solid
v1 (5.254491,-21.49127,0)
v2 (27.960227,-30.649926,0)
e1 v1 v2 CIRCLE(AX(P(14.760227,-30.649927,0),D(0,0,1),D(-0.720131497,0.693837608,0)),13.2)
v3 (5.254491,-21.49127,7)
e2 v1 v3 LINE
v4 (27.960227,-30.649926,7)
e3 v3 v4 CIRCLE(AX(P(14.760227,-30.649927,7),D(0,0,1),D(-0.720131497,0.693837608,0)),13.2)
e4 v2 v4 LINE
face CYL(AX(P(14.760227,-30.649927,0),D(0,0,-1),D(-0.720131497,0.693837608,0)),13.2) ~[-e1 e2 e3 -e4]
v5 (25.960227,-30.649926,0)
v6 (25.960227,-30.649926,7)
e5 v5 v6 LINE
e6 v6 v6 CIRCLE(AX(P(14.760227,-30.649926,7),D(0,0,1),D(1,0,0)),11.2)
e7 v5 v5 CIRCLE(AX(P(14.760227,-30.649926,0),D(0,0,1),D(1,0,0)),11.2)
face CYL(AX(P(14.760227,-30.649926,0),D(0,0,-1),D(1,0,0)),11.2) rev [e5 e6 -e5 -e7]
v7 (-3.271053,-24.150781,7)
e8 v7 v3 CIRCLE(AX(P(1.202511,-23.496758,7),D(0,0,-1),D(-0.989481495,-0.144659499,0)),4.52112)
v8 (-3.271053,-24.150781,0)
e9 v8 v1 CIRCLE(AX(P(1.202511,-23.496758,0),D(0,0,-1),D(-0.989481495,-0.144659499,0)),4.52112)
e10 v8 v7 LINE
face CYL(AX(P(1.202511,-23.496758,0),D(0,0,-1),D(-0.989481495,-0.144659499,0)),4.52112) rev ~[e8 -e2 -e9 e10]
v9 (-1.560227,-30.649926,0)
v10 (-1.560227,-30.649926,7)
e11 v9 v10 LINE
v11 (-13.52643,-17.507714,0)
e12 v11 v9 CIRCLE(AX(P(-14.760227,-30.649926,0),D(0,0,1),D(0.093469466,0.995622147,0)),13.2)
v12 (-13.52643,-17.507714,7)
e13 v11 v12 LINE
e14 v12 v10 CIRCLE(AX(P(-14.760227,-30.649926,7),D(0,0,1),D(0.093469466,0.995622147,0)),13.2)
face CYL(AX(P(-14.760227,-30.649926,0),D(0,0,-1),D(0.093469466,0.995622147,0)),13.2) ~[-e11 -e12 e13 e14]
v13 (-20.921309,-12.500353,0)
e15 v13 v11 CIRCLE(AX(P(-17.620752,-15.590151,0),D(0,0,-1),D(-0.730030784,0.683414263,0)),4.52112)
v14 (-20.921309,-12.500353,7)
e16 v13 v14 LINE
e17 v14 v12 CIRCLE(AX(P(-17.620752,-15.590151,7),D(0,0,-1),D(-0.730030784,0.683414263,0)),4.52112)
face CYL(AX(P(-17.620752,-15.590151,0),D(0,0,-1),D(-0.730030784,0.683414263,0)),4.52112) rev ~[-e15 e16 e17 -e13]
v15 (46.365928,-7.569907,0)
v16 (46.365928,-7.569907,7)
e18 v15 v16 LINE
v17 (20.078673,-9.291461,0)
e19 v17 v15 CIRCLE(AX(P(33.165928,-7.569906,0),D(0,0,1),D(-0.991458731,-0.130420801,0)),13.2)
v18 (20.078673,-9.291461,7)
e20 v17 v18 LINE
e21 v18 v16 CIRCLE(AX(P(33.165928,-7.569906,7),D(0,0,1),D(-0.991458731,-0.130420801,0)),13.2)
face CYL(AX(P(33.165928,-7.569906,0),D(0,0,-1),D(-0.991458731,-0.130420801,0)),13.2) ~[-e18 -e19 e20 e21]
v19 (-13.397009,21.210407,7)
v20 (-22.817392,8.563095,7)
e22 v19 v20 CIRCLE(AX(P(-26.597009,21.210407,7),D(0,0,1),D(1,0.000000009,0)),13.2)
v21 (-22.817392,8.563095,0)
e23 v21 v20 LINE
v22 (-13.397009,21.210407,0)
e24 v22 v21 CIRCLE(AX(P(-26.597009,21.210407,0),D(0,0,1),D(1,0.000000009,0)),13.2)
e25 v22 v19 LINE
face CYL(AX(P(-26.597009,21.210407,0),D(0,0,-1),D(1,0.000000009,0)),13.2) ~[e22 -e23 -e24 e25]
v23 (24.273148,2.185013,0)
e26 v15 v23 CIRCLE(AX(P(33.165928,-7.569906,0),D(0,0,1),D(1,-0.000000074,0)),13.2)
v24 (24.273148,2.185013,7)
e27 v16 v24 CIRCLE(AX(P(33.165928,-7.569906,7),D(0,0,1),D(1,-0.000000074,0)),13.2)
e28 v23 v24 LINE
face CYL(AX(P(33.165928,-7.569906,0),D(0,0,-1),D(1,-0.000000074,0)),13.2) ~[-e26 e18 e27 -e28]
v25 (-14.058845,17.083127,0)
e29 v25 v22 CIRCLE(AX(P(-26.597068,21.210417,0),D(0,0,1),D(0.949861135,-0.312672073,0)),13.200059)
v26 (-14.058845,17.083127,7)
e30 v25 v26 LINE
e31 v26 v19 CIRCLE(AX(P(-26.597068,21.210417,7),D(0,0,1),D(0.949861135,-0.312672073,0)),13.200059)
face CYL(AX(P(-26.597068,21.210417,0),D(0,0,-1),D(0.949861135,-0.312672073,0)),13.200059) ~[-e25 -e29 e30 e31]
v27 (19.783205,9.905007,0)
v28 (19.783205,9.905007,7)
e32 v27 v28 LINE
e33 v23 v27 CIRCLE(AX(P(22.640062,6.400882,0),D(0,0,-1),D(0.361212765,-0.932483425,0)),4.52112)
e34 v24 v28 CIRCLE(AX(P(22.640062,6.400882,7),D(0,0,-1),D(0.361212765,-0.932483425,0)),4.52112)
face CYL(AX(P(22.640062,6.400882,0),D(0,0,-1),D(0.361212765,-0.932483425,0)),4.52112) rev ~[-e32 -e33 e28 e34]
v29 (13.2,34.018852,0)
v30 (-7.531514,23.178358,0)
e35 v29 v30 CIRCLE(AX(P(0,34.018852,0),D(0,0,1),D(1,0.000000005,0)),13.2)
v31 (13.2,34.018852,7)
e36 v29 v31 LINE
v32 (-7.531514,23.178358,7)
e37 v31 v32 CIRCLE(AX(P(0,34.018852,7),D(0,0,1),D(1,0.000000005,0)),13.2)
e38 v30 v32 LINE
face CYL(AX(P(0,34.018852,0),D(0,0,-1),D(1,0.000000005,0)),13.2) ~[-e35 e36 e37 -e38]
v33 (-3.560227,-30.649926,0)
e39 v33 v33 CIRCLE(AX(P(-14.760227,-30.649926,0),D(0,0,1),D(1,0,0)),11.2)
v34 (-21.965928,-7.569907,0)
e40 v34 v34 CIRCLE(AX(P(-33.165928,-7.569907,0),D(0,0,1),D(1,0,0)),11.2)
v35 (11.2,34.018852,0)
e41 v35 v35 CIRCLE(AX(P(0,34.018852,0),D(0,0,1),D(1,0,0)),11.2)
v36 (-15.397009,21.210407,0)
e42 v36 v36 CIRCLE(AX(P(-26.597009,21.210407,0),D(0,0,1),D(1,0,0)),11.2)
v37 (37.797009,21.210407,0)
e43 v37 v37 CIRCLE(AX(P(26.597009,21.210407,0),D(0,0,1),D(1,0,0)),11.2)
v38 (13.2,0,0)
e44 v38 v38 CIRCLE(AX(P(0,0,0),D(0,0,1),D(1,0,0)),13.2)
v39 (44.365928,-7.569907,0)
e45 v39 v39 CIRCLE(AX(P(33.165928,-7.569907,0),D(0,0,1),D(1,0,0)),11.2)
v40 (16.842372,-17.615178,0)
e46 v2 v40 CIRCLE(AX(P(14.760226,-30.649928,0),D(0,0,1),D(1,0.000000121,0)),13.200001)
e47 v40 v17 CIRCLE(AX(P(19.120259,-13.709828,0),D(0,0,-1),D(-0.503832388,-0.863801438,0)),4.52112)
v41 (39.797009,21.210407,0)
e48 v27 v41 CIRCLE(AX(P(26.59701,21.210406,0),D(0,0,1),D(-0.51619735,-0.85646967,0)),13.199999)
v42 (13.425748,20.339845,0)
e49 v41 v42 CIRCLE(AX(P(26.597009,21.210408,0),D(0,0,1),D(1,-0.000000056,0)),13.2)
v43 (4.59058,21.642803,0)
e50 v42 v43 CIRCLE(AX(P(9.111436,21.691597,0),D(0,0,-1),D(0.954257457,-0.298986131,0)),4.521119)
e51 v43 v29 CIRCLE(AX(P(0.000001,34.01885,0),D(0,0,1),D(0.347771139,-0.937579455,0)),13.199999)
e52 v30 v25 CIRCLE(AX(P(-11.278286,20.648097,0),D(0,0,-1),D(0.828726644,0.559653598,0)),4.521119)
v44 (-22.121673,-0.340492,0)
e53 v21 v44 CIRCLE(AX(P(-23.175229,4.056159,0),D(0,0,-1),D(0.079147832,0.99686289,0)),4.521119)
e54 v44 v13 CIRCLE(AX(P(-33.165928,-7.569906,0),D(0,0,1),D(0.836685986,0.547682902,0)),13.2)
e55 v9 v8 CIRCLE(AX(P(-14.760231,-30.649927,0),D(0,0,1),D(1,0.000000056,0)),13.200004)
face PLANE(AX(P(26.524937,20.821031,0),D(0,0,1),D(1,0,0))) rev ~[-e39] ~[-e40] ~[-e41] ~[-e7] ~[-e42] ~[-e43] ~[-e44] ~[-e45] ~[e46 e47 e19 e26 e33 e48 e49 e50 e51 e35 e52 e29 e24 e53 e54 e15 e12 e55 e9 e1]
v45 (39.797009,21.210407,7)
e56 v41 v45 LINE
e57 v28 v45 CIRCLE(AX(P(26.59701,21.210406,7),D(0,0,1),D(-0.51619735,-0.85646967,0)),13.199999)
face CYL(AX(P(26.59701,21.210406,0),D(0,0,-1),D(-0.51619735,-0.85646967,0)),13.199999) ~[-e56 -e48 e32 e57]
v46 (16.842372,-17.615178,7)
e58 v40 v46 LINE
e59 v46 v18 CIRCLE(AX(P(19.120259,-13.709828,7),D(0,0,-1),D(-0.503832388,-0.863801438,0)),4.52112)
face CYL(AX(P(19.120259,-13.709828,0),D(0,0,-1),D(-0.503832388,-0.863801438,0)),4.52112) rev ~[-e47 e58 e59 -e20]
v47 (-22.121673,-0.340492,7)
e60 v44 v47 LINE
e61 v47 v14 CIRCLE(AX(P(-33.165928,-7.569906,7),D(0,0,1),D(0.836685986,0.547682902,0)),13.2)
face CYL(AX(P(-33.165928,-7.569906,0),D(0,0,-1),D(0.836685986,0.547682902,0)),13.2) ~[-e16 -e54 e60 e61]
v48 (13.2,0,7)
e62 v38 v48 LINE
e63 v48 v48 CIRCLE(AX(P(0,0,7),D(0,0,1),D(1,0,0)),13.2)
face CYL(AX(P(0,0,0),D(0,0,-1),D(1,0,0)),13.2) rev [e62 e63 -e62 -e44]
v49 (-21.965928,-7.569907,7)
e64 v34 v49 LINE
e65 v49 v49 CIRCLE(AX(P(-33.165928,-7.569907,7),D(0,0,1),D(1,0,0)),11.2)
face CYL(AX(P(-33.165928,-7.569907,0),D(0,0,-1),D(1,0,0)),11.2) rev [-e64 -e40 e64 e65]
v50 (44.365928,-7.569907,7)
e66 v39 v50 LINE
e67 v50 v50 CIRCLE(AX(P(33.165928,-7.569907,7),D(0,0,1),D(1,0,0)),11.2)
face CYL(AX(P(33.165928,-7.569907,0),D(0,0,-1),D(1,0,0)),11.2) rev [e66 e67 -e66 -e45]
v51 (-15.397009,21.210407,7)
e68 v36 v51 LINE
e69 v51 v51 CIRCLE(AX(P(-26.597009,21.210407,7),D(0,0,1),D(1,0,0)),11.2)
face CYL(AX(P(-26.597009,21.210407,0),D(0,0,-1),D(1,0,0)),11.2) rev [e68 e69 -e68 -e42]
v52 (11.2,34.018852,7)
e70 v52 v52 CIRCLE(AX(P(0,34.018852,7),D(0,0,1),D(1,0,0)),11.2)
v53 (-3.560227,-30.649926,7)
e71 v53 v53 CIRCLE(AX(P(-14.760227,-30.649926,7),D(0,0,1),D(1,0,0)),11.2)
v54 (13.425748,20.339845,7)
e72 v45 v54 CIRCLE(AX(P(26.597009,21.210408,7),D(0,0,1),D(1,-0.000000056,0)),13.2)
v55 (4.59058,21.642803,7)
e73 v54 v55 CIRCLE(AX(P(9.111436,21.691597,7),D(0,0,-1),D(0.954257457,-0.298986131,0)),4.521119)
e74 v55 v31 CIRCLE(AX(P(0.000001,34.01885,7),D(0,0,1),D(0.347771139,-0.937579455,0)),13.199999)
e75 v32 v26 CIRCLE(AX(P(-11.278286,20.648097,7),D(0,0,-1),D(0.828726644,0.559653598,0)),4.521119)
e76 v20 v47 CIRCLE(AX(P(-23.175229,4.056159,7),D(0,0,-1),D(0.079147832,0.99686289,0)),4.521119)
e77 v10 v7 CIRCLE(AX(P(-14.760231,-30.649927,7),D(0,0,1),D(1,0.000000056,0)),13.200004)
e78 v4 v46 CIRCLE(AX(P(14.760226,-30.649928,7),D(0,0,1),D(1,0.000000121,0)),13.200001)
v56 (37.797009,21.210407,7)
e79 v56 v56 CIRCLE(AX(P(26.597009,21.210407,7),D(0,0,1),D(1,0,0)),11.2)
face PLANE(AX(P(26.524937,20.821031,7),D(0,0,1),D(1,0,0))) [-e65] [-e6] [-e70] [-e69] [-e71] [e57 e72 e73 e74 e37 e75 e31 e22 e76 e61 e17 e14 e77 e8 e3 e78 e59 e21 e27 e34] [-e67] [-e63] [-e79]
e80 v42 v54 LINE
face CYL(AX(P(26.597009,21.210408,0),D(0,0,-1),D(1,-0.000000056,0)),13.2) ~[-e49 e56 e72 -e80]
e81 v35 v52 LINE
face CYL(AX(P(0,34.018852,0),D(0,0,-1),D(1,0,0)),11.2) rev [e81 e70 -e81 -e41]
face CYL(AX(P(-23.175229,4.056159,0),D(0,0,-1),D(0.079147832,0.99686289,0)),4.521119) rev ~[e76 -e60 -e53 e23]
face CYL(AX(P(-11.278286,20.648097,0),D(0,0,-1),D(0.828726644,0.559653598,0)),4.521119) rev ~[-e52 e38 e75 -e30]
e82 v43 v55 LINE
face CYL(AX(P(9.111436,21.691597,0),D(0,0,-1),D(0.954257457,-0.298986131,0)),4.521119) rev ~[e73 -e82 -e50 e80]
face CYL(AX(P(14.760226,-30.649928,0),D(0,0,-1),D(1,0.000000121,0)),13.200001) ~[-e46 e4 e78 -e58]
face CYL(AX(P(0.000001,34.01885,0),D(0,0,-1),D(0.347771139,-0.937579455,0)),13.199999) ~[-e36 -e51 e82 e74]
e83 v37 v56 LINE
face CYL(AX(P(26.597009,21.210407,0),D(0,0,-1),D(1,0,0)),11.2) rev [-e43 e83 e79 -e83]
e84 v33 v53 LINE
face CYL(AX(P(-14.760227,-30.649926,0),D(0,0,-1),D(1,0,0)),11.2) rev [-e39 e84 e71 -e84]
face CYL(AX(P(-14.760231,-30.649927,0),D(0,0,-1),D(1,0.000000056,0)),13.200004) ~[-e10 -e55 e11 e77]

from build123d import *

# Parameters (mm, degrees)
F0_R     = 11.2
F0_R_2   = 13.2
F1_DEPTH = 7


with BuildPart() as f1:
    # F0 (on Top) → F1 (new body)
    with BuildSketch(Plane.XY):
        with BuildLine():
            ThreePointArc((39.797009, 21.210407), (26.161491, 34.403221), (13.425748, 20.339845))
            ThreePointArc((13.425748, 20.339845), (15.32438, 14.342523), (19.783205, 9.905007))
            ThreePointArc((19.783205, 9.905007), (33.089227, 9.717317), (39.797009, 21.210407))
        make_face()
        with Locations((26.597009, 21.210407)):
            Circle(F0_R, mode=Mode.SUBTRACT)
        with BuildLine():
            ThreePointArc((4.59058, 21.642803), (-1.658842, 20.9235), (-7.531514, 23.178358))
            ThreePointArc((-7.531514, 23.178358), (-8.192617, 17.343681), (-14.058845, 17.083127))
            ThreePointArc((-14.058845, 17.083127), (-17.392922, 11.748654), (-22.817392, 8.563095))
            ThreePointArc((-22.817392, 8.563095), (-18.667849, 4.408362), (-22.121673, -0.340492))
            ThreePointArc((-22.121673, -0.340492), (-20.51634, -3.797916), (-19.965928, -7.569907))
            ThreePointArc((-19.965928, -7.569907), (-20.206974, -10.080985), (-20.921309, -12.500353))
            ThreePointArc((-20.921309, -12.500353), (-15.08581, -11.846544), (-13.52643, -17.507714))
            ThreePointArc((-13.52643, -17.507714), (-7.583802, -19.571166), (-3.271053, -24.150781))
            ThreePointArc((-3.271053, -24.150781), (-0.143848, -19.18076), (5.254491, -21.49127))
            ThreePointArc((5.254491, -21.49127), (10.572931, -18.131678), (16.842372, -17.615178))
            ThreePointArc((16.842372, -17.615178), (14.906434, -12.071473), (20.078673, -9.291461))
            ThreePointArc((20.078673, -9.291461), (20.768031, -3.038666), (24.273148, 2.185013))
            ThreePointArc((24.273148, 2.185013), (18.731868, 4.127879), (19.783205, 9.905007))
            ThreePointArc((19.783205, 9.905007), (15.32438, 14.342523), (13.425748, 20.339845))
            ThreePointArc((13.425748, 20.339845), (8.451822, 17.218854), (4.59058, 21.642803))
        make_face()
        Circle(F0_R_2, mode=Mode.SUBTRACT)
        with BuildLine():
            ThreePointArc((27.960227, -30.649926), (24.803242, -22.08384), (16.842372, -17.615178))
            ThreePointArc((16.842372, -17.615178), (10.572931, -18.131678), (5.254491, -21.49127))
            ThreePointArc((5.254491, -21.49127), (9.822399, -42.891571), (27.960227, -30.649926))
        make_face()
        with Locations((14.760227, -30.649926)):
            Circle(F0_R, mode=Mode.SUBTRACT)
        with BuildLine():
            ThreePointArc((-3.271053, -24.150781), (-7.583802, -19.571166), (-13.52643, -17.507714))
            ThreePointArc((-13.52643, -17.507714), (-24.520506, -39.536824), (-1.560227, -30.649926))
            ThreePointArc((-1.560227, -30.649926), (-1.995097, -27.28965), (-3.271053, -24.150781))
        make_face()
        with Locations((-14.760227, -30.649926)):
            Circle(F0_R, mode=Mode.SUBTRACT)
        with BuildLine():
            ThreePointArc((46.365928, -7.569907), (38.497687, 4.505372), (24.273148, 2.185013))
            ThreePointArc((24.273148, 2.185013), (20.768031, -3.038666), (20.078673, -9.291461))
            ThreePointArc((20.078673, -9.291461), (34.028549, -20.74169), (46.365928, -7.569907))
        make_face()
        with Locations((33.165928, -7.569907)):
            Circle(F0_R, mode=Mode.SUBTRACT)
        with BuildLine():
            ThreePointArc((4.59058, 21.642803), (10.835951, 26.480803), (13.2, 34.018852))
            ThreePointArc((13.2, 34.018852), (-6.116536, 45.716202), (-7.531514, 23.178358))
            ThreePointArc((-7.531514, 23.178358), (-1.658842, 20.9235), (4.59058, 21.642803))
        make_face()
        with Locations((0, 34.018852)):
            Circle(F0_R, mode=Mode.SUBTRACT)
        with BuildLine():
            ThreePointArc((-22.817392, 8.563095), (-17.392922, 11.748654), (-14.058845, 17.083127))
            ThreePointArc((-14.058845, 17.083127), (-13.563519, 19.120403), (-13.397009, 21.210407))
            ThreePointArc((-13.397009, 21.210407), (-37.183107, 29.09549), (-22.817392, 8.563095))
        make_face()
        with Locations((-26.597009, 21.210407)):
            Circle(F0_R, mode=Mode.SUBTRACT)
        with BuildLine():
            ThreePointArc((-19.965928, -7.569907), (-20.51634, -3.797916), (-22.121673, -0.340492))
            ThreePointArc((-22.121673, -0.340492), (-46.302079, -8.866646), (-20.921309, -12.500353))
            ThreePointArc((-20.921309, -12.500353), (-20.206974, -10.080985), (-19.965928, -7.569907))
        make_face()
        with Locations((-33.165928, -7.569907)):
            Circle(F0_R, mode=Mode.SUBTRACT)
    extrude(amount=F1_DEPTH)


solid = f1.part
